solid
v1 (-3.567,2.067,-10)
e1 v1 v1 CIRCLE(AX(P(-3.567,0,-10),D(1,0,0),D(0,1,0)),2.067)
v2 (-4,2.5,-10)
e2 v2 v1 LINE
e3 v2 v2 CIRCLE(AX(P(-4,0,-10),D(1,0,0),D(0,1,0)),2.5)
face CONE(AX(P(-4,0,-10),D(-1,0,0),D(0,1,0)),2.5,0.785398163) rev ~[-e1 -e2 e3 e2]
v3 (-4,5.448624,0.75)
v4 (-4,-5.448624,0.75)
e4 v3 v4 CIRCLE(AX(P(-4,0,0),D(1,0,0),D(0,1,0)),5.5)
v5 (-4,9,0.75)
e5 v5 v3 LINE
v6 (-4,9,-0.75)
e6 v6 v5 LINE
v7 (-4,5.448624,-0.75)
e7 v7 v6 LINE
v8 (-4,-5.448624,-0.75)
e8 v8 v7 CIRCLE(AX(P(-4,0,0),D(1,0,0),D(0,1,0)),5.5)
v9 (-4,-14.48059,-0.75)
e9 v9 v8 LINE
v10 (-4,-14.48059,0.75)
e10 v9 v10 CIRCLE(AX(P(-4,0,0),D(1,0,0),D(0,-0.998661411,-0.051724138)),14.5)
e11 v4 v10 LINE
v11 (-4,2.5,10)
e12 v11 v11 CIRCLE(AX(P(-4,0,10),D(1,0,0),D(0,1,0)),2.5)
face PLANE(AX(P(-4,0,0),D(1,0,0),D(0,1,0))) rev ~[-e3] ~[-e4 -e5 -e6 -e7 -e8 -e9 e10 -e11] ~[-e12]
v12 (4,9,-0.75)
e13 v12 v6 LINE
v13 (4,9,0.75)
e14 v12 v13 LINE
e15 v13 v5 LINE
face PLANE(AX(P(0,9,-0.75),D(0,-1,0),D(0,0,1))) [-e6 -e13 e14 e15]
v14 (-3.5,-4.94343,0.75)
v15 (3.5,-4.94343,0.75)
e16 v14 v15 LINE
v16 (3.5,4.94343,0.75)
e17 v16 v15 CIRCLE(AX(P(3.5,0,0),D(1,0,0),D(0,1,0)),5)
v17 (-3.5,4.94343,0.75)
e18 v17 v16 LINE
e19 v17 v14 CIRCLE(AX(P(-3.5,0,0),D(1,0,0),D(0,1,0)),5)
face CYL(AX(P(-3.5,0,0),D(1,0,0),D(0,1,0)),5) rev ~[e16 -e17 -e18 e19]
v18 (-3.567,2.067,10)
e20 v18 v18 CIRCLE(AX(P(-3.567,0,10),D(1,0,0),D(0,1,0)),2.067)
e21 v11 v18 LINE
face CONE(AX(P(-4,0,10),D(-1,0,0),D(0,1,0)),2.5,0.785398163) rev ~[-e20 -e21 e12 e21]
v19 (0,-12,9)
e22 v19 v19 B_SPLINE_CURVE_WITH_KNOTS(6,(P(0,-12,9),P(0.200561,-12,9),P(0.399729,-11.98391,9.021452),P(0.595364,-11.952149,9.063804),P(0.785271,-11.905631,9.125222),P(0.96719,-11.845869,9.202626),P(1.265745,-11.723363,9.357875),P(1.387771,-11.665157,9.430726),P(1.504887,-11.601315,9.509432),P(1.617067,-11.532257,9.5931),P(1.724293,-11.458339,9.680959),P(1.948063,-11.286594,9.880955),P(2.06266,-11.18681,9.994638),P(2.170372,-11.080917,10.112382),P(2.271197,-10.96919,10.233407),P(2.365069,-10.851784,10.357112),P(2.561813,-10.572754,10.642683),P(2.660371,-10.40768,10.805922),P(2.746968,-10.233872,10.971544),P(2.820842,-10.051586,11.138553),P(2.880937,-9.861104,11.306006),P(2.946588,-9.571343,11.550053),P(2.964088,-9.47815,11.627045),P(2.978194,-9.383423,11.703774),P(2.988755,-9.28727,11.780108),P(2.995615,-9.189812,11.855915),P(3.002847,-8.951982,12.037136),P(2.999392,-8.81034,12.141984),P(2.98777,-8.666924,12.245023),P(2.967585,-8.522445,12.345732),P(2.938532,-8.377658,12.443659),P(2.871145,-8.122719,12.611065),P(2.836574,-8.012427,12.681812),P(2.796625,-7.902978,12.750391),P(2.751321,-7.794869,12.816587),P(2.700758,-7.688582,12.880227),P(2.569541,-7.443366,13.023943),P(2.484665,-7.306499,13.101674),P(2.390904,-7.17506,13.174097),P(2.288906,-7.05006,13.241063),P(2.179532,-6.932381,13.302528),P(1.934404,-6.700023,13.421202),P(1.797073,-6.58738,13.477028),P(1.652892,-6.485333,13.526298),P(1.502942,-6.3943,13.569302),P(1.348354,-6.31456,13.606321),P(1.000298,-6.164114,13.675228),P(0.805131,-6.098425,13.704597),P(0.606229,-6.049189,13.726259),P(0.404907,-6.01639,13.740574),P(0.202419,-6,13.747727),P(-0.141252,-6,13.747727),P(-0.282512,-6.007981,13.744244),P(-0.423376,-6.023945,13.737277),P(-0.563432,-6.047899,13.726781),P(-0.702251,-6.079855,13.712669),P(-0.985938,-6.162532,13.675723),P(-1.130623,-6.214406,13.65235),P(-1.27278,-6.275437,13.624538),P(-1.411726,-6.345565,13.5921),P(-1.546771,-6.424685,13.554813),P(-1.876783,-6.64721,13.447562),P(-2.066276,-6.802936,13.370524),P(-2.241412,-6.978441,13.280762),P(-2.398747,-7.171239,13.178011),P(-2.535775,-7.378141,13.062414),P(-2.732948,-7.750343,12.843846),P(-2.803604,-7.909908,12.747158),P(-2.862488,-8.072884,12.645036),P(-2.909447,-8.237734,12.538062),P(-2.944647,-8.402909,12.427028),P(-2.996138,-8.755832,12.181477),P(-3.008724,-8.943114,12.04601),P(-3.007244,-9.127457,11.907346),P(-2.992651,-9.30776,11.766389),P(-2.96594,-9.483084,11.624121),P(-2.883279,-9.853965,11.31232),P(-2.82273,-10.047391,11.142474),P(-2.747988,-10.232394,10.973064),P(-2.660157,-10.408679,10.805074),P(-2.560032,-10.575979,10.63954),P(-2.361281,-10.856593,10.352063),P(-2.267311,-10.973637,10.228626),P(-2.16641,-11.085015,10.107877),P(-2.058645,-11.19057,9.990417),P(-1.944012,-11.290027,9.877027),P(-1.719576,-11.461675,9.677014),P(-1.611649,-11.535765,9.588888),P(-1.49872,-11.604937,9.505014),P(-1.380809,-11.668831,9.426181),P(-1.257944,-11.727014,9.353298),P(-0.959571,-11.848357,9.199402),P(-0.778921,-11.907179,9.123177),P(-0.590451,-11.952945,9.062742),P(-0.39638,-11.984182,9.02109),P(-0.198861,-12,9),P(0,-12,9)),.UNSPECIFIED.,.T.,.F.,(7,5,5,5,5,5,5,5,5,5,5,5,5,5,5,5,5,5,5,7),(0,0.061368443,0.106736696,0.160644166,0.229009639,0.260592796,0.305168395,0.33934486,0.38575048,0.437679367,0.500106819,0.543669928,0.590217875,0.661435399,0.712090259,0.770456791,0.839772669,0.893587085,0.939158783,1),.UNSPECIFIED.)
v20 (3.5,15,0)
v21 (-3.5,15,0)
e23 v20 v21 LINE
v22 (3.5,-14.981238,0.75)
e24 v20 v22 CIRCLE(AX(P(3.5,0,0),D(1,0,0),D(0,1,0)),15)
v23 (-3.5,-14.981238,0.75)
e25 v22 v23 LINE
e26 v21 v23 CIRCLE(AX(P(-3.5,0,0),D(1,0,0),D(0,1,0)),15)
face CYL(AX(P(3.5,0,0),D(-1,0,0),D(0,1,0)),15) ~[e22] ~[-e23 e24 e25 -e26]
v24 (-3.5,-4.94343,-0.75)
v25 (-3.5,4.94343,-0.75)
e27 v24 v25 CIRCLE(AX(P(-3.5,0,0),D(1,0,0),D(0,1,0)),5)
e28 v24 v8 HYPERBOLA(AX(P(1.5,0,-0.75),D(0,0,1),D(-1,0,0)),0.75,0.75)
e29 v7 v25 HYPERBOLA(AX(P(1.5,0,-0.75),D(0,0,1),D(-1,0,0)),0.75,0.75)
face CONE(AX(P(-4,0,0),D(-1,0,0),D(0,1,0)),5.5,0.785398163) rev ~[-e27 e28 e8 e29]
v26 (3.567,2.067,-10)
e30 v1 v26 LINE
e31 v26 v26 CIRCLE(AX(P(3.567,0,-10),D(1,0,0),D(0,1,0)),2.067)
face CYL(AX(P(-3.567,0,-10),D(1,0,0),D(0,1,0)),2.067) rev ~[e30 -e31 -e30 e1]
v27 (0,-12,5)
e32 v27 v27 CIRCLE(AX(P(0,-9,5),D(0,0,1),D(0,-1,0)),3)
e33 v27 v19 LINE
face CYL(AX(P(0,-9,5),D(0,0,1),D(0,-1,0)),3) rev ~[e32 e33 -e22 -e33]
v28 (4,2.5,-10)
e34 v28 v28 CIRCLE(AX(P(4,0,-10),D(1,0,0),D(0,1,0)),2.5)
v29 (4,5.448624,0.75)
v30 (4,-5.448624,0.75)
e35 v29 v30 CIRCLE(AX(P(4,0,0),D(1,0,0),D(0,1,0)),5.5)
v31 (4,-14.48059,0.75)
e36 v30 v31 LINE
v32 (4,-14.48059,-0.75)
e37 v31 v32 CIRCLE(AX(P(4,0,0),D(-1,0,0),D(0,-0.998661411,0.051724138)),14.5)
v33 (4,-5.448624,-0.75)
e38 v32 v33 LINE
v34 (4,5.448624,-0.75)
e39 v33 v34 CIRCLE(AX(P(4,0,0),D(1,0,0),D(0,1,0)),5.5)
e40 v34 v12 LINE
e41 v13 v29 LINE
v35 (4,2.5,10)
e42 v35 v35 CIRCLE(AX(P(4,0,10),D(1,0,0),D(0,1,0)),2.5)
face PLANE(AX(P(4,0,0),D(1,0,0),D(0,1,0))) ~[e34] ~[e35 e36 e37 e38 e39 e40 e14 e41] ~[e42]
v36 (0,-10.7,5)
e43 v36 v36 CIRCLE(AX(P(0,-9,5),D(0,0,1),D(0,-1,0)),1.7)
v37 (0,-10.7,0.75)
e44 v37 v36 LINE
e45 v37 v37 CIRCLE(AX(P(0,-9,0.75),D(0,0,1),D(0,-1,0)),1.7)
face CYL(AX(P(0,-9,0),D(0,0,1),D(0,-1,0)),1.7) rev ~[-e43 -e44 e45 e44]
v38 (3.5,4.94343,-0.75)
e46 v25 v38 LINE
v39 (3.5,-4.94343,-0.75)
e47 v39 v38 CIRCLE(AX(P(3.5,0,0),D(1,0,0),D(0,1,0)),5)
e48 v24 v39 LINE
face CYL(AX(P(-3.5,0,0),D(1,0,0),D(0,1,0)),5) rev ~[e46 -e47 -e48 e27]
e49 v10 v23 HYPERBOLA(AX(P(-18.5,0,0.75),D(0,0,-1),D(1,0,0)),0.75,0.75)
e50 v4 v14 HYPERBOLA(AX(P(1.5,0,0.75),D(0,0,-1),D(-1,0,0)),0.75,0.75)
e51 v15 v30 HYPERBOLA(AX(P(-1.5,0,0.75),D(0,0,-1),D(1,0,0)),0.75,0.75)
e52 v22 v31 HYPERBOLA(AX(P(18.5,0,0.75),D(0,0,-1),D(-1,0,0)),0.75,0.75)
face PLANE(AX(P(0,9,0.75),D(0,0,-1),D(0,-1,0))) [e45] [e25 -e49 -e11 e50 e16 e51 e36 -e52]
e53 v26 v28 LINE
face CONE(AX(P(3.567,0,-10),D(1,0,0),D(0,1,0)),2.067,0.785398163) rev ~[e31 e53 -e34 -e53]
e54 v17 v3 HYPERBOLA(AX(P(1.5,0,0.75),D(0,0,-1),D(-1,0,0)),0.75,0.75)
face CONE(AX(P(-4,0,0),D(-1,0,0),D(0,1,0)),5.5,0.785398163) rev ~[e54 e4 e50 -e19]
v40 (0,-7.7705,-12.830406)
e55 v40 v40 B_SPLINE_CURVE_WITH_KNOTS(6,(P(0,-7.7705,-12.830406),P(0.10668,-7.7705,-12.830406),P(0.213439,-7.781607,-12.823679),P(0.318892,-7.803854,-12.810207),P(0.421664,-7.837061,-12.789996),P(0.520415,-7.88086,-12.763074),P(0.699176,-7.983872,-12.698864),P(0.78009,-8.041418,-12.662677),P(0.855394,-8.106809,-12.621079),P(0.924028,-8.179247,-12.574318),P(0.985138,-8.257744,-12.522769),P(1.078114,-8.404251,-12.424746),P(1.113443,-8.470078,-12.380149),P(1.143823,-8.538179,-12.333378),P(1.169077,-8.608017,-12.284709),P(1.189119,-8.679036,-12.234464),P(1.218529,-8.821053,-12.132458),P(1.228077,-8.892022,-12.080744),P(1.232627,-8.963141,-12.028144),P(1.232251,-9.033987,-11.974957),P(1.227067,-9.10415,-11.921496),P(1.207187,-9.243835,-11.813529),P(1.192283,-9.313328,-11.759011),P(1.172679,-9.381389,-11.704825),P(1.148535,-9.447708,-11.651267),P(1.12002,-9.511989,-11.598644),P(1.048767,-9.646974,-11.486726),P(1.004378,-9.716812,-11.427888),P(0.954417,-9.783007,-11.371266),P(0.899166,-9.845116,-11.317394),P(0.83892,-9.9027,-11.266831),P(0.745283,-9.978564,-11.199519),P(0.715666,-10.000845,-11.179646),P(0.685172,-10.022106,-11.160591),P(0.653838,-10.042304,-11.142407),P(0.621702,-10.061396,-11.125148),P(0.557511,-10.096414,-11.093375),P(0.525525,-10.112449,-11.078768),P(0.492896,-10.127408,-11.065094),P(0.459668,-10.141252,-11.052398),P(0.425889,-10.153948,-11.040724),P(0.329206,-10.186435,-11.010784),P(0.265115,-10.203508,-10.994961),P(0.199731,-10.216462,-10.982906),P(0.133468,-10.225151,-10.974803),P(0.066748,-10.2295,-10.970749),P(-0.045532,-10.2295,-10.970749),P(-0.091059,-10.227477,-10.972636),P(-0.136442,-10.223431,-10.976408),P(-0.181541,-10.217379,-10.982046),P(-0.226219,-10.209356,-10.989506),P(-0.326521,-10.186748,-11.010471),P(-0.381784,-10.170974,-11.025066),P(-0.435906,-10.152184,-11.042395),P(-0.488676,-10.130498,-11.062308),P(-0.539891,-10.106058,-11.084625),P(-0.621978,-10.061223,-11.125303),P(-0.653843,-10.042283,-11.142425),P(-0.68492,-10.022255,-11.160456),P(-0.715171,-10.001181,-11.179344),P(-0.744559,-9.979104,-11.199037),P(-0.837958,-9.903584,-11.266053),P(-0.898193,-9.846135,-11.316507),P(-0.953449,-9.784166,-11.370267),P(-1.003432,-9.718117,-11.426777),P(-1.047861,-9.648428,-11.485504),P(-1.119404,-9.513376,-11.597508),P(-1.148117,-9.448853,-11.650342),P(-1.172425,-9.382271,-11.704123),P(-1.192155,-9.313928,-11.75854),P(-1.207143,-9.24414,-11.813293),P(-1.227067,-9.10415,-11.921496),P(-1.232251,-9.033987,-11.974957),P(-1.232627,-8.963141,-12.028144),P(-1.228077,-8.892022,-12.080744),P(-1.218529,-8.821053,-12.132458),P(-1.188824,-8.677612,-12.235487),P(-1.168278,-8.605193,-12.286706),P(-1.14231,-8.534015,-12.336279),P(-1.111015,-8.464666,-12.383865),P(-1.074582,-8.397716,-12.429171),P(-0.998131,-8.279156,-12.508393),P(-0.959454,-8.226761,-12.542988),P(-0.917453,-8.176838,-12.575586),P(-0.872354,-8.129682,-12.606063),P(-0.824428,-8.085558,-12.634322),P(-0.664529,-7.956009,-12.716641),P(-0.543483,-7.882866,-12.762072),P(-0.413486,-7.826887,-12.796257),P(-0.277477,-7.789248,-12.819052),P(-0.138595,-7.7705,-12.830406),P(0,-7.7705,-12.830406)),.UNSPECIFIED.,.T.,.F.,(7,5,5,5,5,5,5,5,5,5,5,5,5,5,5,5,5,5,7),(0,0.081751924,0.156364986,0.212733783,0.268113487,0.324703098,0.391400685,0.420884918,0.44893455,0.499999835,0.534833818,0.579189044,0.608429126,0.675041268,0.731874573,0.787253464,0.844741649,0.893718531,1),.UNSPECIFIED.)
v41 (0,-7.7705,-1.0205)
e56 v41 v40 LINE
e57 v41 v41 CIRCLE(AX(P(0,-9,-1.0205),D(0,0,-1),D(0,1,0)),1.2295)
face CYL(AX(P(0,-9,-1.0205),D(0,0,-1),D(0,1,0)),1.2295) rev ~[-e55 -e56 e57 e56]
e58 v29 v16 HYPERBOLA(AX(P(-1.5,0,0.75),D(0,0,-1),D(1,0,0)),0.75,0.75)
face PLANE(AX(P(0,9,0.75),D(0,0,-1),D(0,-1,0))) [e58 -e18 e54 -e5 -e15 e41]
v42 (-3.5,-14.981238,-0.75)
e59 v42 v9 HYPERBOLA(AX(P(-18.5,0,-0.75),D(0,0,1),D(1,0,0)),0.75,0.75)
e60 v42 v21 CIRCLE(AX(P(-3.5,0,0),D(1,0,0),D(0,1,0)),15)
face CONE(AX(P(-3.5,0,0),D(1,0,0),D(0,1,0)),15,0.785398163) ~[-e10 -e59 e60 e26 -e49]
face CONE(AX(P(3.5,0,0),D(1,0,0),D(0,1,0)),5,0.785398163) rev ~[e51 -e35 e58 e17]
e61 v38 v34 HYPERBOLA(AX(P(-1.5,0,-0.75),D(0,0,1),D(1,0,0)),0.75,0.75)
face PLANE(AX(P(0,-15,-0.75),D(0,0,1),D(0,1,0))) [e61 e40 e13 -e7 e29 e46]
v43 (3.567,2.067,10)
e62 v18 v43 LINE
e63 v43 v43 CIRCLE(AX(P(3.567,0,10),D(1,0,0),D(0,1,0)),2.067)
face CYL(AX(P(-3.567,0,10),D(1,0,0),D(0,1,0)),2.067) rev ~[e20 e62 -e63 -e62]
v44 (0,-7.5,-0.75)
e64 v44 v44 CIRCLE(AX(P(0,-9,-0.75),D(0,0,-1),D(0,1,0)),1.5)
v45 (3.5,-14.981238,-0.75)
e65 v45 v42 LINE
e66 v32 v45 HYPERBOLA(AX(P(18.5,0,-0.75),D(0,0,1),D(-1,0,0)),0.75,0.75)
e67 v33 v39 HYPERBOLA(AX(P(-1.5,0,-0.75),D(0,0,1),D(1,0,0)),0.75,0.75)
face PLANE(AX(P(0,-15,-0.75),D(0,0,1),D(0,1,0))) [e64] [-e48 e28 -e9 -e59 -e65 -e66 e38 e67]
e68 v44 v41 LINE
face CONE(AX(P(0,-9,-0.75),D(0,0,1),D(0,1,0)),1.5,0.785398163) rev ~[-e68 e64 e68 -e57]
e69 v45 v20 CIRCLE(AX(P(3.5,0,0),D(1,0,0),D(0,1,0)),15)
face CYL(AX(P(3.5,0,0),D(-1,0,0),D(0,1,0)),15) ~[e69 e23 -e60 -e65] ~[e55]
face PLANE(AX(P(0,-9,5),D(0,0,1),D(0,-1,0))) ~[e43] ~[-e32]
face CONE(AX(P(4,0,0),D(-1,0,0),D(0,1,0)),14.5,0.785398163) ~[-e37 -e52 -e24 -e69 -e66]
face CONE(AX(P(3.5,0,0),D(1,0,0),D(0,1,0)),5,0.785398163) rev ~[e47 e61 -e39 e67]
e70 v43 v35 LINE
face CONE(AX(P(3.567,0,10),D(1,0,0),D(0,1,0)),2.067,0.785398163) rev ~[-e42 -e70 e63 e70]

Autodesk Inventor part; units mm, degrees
sketch "Sketch_1" plane through (0, 0, 0) normal (0, 0, 1) x (1, 0, 0)
  line L0 (4, 0) -> (-4, 0)
  line L1 (-4, 14.5) -> (-4, 5.5)
  line L2 (-4, 5.5) -> (-3.5, 5)
  line L3 (-3.5, 5) -> (3.5, 5)
  line L4 (3.5, 5) -> (4, 5.5)
  line L5 (4, 5.5) -> (4, 14.5)
  line L6 (4, 14.5) -> (3.5, 15)
  line L7 (3.5, 15) -> (-3.5, 15)
  line L8 (-3.5, 15) -> (-4, 14.5)
revolve "Revolution1" add sketch "Sketch_1" angle 360 about axis through (4, 0, 0) along (1, 0, 0)
sketch "Sketch_2" plane through (0, 0, 0) normal (1, 0, 0) x (0, 1, 0)
  line L0 (-15, 0.75) -> (-15, -0.75)
  line L1 (-15, -0.75) -> (9, -0.75)
  line L2 (9, -0.75) -> (9, 0.75)
  line L3 (9, 0.75) -> (-15, 0.75)
extrude "Extrusion1" cut sketch "Sketch_2" along normal mid plane 8
sketch "Sketch_3" plane through (0, 0, 0) normal (1, 0, 0) x (0, 1, 0)
  line L0 (-9, 15) -> (-9, 0)
  line L1 (-9, 0) -> (-10.7, 0)
  line L2 (-10.7, 0) -> (-10.7, 5)
  line L3 (-10.7, 5) -> (-12, 5)
  line L4 (-12, 5) -> (-12, 15)
  line L5 (-12, 15) -> (-9, 15)
  line L6 (-9, 15) -> (-9, 0)
revolve "Revolution2" cut sketch "Sketch_3" angle 360 about axis through (0, -9, 15) along (0, 0, 1)
sketch "Sketch_4" plane through (0, 0, 0) normal (1, 0, 0) x (0, 1, 0)
  line L0 (-9, -14.25) -> (-9, -0.75)
  line L1 (-9, -0.75) -> (-7.5, -0.75)
  line L2 (-7.5, -0.75) -> (-7.7705, -1.0205)
  line L3 (-7.7705, -1.0205) -> (-7.7705, -14.25)
  line L4 (-7.7705, -14.25) -> (-9, -14.25)
  line L5 (-9, -14.25) -> (-9, -0.75)
revolve "Revolution3" cut sketch "Sketch_4" angle 360 about axis through (0, -9, -14.25) along (0, 0, -1)
thread "Thread1" size "M3x0.5" class "6H" standard "ISO Metric profile" length 11.9699
sketch "Sketch_7" plane through (0, 0, -10) normal (0, 0, 1) x (1, 0, 0)
  line L0 (4, 0) -> (-4, 0)
  line L1 (-4, 0) -> (-4, 2.5)
  line L2 (-4, 2.5) -> (-3.567, 2.067)
  line L3 (-3.567, 2.067) -> (3.567, 2.067)
  line L4 (3.567, 2.067) -> (4, 2.5)
  line L5 (4, 2.5) -> (4, 0)
  line L6 (4, 0) -> (-4, 0)
revolve "Revolution4" cut sketch "Sketch_7" angle 360 about axis through (4, 0, -10) along (1, 0, 0)
thread "Thread2" size "M5x0.8" class "6H" standard "ISO Metric profile" full length
sketch "Sketch_8" plane through (0, 0, 10) normal (0, 0, 1) x (1, 0, 0)
  line L0 (4, 0) -> (-4, 0)
  line L1 (-4, 0) -> (-4, 2.5)
  line L2 (-4, 2.5) -> (-3.567, 2.067)
  line L3 (-3.567, 2.067) -> (3.567, 2.067)
  line L4 (3.567, 2.067) -> (4, 2.5)
  line L5 (4, 2.5) -> (4, 0)
  line L6 (4, 0) -> (-4, 0)
revolve "Revolution5" cut sketch "Sketch_8" angle 360 about axis through (4, 0, 10) along (1, 0, 0)
thread "Thread3" size "M5x0.8" class "6H" standard "ISO Metric profile" full length
ref_plane "body_screw_XY" through (0, -9, 5) normal (0, 0, 1) x (1, 0, 0)
ref_plane "body_screw_YZ" through (0, -9, 5) normal (1, 0, 0) x (0, 1, 0)
ref_plane "body_screw_ZX" through (0, -9, 5) normal (0, 1, 0) x (0, 0, 1)
properties part number "SSCSW10-8b" material "鉄、鋳鉄"
